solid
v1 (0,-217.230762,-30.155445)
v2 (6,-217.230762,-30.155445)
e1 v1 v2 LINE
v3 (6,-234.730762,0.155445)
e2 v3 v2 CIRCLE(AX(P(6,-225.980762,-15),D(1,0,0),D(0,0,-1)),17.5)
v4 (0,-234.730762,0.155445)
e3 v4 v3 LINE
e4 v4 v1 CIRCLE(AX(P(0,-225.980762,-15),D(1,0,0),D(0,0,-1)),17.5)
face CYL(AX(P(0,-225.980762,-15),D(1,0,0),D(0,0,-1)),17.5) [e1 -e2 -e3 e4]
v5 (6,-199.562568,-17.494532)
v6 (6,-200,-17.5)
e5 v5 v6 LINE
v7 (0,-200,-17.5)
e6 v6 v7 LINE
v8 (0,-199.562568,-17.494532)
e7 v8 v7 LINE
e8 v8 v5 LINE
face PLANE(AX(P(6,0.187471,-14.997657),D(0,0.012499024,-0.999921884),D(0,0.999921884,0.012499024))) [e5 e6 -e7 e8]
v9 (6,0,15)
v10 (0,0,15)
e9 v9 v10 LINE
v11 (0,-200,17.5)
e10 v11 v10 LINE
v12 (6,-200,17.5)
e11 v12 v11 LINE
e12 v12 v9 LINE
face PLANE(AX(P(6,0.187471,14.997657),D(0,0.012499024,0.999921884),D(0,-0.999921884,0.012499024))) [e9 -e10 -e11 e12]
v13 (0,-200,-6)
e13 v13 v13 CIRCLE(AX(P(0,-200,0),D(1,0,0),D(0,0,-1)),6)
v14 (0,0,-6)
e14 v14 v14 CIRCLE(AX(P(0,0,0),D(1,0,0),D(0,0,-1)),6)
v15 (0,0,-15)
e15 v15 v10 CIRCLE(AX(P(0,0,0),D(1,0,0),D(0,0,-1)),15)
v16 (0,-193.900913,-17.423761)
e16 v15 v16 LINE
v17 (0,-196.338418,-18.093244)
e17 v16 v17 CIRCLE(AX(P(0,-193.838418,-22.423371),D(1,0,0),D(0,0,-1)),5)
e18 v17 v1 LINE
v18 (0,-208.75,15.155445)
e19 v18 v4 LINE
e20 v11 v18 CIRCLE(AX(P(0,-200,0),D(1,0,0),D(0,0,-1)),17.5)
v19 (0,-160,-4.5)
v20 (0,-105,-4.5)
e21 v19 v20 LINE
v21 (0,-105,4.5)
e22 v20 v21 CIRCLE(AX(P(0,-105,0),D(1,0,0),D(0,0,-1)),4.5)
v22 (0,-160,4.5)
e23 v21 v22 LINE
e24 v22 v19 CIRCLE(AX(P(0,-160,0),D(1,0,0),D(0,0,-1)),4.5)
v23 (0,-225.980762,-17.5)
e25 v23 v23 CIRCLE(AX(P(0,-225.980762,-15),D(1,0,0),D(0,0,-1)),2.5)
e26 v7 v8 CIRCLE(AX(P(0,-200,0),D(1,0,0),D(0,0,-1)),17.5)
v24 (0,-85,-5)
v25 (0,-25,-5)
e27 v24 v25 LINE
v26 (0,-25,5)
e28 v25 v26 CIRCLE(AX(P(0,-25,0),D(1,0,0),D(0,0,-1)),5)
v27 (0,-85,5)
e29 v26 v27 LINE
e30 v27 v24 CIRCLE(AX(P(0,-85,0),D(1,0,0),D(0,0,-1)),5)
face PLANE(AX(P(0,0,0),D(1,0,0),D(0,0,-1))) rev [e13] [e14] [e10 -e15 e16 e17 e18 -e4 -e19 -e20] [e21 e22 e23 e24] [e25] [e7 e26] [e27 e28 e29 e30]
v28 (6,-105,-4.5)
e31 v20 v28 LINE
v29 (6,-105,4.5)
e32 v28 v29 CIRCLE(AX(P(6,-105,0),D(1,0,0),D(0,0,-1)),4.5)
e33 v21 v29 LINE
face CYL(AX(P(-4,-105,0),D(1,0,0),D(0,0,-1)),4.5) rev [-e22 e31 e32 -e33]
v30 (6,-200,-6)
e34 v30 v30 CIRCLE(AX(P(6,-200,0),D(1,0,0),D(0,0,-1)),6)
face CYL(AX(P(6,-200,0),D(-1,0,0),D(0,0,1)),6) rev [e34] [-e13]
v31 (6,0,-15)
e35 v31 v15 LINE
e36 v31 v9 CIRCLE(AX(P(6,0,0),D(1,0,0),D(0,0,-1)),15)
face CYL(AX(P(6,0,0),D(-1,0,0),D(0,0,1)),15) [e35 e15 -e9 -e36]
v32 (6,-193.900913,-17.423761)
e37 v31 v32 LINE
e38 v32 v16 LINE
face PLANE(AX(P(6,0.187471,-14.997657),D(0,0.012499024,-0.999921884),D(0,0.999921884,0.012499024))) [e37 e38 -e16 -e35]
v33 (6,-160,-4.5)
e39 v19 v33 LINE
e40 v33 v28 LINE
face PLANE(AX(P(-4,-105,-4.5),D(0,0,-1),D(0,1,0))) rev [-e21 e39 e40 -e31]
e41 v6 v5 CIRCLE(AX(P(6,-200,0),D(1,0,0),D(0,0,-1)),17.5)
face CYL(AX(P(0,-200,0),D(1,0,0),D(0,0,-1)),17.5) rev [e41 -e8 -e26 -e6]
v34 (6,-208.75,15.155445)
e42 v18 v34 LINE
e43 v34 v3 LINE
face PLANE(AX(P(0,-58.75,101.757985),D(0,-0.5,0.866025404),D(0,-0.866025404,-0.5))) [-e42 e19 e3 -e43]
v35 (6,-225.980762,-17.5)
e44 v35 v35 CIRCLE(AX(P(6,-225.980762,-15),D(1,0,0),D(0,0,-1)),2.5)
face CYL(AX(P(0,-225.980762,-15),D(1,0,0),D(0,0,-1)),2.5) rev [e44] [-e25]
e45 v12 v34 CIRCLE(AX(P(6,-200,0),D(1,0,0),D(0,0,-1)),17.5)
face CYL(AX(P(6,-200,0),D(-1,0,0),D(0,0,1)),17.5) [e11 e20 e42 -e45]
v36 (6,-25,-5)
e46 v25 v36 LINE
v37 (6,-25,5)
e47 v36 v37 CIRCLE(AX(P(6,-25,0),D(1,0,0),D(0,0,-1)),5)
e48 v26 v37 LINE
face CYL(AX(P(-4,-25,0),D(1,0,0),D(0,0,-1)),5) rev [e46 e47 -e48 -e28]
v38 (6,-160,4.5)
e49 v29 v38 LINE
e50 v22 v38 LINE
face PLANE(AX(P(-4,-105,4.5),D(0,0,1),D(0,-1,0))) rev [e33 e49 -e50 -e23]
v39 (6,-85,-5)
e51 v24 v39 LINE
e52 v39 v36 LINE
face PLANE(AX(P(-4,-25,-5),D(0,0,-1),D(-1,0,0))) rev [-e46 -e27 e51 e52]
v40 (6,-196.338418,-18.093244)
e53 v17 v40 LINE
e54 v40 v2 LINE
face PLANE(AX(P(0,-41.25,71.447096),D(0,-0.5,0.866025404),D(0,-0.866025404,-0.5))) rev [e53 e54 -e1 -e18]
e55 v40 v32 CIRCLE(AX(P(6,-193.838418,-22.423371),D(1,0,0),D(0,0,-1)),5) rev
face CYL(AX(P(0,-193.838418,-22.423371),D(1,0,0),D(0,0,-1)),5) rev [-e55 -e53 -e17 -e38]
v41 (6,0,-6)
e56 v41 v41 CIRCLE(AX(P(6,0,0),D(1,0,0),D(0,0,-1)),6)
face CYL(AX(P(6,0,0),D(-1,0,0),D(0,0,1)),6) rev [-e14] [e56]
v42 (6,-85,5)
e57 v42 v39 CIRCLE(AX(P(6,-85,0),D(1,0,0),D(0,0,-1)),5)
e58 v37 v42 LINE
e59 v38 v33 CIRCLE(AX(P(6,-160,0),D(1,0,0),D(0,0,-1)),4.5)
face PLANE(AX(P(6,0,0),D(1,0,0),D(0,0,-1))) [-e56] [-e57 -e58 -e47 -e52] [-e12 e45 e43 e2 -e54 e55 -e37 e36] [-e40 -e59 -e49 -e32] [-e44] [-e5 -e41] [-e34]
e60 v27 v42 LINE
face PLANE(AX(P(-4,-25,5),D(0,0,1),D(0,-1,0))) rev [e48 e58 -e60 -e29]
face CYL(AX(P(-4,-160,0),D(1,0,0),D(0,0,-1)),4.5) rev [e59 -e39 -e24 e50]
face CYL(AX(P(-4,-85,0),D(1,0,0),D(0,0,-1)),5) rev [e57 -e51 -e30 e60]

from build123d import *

# Parameters (mm, degrees)
SKETCH_1_R          = 6
EXTRUDE_1_DEPTH     = 6
CUT_EXTRUDE_1_DEPTH = 10
EXTRUDE_START       = -6
SKETCH_3_R          = 2.5
EXTRUDE_2_DEPTH     = 6
FILLET_2_R          = 5


with BuildPart() as part:
    # 草图1 → 凸台-拉伸1 (new body)
    with BuildSketch(Plane(origin=(0, 0, 0), x_dir=(0, 0, -1), z_dir=(1, 0, 0))):
        with BuildLine():
            Line((15, 0), (17.5, -200))
            ThreePointArc((17.5, -200), (0, -217.5), (-17.5, -200))
            Line((-17.5, -200), (-15, 0))
            ThreePointArc((-15, 0), (0, 15), (15, 0))
        make_face()
        Circle(SKETCH_1_R, mode=Mode.SUBTRACT)
        with Locations((0, -200)):
            Circle(SKETCH_1_R, mode=Mode.SUBTRACT)
    extrude(amount=EXTRUDE_1_DEPTH)

    # 草图2 → 切除-拉伸1 (cut)
    with BuildSketch(Plane(origin=(6, 0, 0), x_dir=(0, 0, -1), z_dir=(1, 0, 0))):
        with BuildLine():
            Line((5, -25), (5, -85))
            ThreePointArc((5, -85), (0, -90), (-5, -85))
            Line((-5, -85), (-5, -25))
            ThreePointArc((-5, -25), (0, -20), (5, -25))
        make_face()
        with BuildLine():
            Line((4.5, -105), (4.5, -160))
            ThreePointArc((4.5, -160), (0, -164.5), (-4.5, -160))
            Line((-4.5, -160), (-4.5, -105))
            ThreePointArc((-4.5, -105), (0, -100.5), (4.5, -105))
        make_face()
    extrude(amount=-CUT_EXTRUDE_1_DEPTH, mode=Mode.SUBTRACT)

    # 草图3 → 凸台-拉伸2 (add)
    with BuildSketch(Plane(origin=(6, 0, 0), x_dir=(0, 0, -1), z_dir=(1, 0, 0)).offset(EXTRUDE_START)):
        with BuildLine():
            Line((-15.155444566, -208.75), (-0.155444566, -234.730762114))
            ThreePointArc((-0.155444566, -234.730762114), (23.75, -241.13620668), (30.155444566, -217.230762114))
            Line((30.155444566, -217.230762114), (17.440089003, -195.207120242))
            Line((17.440089003, -195.207120242), (17.494532104, -199.562568349))
            ThreePointArc((17.494532104, -199.562568349), (15.263627142, -208.559888228), (8.75, -215.155444566))
            ThreePointArc((8.75, -215.155444566), (-4.529333289, -216.90370196), (-15.155444566, -208.75))
        make_face()
        with Locations((15, -225.980762114)):
            Circle(SKETCH_3_R, mode=Mode.SUBTRACT)
    extrude(amount=EXTRUDE_2_DEPTH)

    # 圆角2
    fillet_2_edges = [part.edges().sort_by_distance(p)[0] for p in [
        (3, -195.207120242, -17.440089003),
    ]]
    fillet(fillet_2_edges, radius=FILLET_2_R)


solid = part.part
